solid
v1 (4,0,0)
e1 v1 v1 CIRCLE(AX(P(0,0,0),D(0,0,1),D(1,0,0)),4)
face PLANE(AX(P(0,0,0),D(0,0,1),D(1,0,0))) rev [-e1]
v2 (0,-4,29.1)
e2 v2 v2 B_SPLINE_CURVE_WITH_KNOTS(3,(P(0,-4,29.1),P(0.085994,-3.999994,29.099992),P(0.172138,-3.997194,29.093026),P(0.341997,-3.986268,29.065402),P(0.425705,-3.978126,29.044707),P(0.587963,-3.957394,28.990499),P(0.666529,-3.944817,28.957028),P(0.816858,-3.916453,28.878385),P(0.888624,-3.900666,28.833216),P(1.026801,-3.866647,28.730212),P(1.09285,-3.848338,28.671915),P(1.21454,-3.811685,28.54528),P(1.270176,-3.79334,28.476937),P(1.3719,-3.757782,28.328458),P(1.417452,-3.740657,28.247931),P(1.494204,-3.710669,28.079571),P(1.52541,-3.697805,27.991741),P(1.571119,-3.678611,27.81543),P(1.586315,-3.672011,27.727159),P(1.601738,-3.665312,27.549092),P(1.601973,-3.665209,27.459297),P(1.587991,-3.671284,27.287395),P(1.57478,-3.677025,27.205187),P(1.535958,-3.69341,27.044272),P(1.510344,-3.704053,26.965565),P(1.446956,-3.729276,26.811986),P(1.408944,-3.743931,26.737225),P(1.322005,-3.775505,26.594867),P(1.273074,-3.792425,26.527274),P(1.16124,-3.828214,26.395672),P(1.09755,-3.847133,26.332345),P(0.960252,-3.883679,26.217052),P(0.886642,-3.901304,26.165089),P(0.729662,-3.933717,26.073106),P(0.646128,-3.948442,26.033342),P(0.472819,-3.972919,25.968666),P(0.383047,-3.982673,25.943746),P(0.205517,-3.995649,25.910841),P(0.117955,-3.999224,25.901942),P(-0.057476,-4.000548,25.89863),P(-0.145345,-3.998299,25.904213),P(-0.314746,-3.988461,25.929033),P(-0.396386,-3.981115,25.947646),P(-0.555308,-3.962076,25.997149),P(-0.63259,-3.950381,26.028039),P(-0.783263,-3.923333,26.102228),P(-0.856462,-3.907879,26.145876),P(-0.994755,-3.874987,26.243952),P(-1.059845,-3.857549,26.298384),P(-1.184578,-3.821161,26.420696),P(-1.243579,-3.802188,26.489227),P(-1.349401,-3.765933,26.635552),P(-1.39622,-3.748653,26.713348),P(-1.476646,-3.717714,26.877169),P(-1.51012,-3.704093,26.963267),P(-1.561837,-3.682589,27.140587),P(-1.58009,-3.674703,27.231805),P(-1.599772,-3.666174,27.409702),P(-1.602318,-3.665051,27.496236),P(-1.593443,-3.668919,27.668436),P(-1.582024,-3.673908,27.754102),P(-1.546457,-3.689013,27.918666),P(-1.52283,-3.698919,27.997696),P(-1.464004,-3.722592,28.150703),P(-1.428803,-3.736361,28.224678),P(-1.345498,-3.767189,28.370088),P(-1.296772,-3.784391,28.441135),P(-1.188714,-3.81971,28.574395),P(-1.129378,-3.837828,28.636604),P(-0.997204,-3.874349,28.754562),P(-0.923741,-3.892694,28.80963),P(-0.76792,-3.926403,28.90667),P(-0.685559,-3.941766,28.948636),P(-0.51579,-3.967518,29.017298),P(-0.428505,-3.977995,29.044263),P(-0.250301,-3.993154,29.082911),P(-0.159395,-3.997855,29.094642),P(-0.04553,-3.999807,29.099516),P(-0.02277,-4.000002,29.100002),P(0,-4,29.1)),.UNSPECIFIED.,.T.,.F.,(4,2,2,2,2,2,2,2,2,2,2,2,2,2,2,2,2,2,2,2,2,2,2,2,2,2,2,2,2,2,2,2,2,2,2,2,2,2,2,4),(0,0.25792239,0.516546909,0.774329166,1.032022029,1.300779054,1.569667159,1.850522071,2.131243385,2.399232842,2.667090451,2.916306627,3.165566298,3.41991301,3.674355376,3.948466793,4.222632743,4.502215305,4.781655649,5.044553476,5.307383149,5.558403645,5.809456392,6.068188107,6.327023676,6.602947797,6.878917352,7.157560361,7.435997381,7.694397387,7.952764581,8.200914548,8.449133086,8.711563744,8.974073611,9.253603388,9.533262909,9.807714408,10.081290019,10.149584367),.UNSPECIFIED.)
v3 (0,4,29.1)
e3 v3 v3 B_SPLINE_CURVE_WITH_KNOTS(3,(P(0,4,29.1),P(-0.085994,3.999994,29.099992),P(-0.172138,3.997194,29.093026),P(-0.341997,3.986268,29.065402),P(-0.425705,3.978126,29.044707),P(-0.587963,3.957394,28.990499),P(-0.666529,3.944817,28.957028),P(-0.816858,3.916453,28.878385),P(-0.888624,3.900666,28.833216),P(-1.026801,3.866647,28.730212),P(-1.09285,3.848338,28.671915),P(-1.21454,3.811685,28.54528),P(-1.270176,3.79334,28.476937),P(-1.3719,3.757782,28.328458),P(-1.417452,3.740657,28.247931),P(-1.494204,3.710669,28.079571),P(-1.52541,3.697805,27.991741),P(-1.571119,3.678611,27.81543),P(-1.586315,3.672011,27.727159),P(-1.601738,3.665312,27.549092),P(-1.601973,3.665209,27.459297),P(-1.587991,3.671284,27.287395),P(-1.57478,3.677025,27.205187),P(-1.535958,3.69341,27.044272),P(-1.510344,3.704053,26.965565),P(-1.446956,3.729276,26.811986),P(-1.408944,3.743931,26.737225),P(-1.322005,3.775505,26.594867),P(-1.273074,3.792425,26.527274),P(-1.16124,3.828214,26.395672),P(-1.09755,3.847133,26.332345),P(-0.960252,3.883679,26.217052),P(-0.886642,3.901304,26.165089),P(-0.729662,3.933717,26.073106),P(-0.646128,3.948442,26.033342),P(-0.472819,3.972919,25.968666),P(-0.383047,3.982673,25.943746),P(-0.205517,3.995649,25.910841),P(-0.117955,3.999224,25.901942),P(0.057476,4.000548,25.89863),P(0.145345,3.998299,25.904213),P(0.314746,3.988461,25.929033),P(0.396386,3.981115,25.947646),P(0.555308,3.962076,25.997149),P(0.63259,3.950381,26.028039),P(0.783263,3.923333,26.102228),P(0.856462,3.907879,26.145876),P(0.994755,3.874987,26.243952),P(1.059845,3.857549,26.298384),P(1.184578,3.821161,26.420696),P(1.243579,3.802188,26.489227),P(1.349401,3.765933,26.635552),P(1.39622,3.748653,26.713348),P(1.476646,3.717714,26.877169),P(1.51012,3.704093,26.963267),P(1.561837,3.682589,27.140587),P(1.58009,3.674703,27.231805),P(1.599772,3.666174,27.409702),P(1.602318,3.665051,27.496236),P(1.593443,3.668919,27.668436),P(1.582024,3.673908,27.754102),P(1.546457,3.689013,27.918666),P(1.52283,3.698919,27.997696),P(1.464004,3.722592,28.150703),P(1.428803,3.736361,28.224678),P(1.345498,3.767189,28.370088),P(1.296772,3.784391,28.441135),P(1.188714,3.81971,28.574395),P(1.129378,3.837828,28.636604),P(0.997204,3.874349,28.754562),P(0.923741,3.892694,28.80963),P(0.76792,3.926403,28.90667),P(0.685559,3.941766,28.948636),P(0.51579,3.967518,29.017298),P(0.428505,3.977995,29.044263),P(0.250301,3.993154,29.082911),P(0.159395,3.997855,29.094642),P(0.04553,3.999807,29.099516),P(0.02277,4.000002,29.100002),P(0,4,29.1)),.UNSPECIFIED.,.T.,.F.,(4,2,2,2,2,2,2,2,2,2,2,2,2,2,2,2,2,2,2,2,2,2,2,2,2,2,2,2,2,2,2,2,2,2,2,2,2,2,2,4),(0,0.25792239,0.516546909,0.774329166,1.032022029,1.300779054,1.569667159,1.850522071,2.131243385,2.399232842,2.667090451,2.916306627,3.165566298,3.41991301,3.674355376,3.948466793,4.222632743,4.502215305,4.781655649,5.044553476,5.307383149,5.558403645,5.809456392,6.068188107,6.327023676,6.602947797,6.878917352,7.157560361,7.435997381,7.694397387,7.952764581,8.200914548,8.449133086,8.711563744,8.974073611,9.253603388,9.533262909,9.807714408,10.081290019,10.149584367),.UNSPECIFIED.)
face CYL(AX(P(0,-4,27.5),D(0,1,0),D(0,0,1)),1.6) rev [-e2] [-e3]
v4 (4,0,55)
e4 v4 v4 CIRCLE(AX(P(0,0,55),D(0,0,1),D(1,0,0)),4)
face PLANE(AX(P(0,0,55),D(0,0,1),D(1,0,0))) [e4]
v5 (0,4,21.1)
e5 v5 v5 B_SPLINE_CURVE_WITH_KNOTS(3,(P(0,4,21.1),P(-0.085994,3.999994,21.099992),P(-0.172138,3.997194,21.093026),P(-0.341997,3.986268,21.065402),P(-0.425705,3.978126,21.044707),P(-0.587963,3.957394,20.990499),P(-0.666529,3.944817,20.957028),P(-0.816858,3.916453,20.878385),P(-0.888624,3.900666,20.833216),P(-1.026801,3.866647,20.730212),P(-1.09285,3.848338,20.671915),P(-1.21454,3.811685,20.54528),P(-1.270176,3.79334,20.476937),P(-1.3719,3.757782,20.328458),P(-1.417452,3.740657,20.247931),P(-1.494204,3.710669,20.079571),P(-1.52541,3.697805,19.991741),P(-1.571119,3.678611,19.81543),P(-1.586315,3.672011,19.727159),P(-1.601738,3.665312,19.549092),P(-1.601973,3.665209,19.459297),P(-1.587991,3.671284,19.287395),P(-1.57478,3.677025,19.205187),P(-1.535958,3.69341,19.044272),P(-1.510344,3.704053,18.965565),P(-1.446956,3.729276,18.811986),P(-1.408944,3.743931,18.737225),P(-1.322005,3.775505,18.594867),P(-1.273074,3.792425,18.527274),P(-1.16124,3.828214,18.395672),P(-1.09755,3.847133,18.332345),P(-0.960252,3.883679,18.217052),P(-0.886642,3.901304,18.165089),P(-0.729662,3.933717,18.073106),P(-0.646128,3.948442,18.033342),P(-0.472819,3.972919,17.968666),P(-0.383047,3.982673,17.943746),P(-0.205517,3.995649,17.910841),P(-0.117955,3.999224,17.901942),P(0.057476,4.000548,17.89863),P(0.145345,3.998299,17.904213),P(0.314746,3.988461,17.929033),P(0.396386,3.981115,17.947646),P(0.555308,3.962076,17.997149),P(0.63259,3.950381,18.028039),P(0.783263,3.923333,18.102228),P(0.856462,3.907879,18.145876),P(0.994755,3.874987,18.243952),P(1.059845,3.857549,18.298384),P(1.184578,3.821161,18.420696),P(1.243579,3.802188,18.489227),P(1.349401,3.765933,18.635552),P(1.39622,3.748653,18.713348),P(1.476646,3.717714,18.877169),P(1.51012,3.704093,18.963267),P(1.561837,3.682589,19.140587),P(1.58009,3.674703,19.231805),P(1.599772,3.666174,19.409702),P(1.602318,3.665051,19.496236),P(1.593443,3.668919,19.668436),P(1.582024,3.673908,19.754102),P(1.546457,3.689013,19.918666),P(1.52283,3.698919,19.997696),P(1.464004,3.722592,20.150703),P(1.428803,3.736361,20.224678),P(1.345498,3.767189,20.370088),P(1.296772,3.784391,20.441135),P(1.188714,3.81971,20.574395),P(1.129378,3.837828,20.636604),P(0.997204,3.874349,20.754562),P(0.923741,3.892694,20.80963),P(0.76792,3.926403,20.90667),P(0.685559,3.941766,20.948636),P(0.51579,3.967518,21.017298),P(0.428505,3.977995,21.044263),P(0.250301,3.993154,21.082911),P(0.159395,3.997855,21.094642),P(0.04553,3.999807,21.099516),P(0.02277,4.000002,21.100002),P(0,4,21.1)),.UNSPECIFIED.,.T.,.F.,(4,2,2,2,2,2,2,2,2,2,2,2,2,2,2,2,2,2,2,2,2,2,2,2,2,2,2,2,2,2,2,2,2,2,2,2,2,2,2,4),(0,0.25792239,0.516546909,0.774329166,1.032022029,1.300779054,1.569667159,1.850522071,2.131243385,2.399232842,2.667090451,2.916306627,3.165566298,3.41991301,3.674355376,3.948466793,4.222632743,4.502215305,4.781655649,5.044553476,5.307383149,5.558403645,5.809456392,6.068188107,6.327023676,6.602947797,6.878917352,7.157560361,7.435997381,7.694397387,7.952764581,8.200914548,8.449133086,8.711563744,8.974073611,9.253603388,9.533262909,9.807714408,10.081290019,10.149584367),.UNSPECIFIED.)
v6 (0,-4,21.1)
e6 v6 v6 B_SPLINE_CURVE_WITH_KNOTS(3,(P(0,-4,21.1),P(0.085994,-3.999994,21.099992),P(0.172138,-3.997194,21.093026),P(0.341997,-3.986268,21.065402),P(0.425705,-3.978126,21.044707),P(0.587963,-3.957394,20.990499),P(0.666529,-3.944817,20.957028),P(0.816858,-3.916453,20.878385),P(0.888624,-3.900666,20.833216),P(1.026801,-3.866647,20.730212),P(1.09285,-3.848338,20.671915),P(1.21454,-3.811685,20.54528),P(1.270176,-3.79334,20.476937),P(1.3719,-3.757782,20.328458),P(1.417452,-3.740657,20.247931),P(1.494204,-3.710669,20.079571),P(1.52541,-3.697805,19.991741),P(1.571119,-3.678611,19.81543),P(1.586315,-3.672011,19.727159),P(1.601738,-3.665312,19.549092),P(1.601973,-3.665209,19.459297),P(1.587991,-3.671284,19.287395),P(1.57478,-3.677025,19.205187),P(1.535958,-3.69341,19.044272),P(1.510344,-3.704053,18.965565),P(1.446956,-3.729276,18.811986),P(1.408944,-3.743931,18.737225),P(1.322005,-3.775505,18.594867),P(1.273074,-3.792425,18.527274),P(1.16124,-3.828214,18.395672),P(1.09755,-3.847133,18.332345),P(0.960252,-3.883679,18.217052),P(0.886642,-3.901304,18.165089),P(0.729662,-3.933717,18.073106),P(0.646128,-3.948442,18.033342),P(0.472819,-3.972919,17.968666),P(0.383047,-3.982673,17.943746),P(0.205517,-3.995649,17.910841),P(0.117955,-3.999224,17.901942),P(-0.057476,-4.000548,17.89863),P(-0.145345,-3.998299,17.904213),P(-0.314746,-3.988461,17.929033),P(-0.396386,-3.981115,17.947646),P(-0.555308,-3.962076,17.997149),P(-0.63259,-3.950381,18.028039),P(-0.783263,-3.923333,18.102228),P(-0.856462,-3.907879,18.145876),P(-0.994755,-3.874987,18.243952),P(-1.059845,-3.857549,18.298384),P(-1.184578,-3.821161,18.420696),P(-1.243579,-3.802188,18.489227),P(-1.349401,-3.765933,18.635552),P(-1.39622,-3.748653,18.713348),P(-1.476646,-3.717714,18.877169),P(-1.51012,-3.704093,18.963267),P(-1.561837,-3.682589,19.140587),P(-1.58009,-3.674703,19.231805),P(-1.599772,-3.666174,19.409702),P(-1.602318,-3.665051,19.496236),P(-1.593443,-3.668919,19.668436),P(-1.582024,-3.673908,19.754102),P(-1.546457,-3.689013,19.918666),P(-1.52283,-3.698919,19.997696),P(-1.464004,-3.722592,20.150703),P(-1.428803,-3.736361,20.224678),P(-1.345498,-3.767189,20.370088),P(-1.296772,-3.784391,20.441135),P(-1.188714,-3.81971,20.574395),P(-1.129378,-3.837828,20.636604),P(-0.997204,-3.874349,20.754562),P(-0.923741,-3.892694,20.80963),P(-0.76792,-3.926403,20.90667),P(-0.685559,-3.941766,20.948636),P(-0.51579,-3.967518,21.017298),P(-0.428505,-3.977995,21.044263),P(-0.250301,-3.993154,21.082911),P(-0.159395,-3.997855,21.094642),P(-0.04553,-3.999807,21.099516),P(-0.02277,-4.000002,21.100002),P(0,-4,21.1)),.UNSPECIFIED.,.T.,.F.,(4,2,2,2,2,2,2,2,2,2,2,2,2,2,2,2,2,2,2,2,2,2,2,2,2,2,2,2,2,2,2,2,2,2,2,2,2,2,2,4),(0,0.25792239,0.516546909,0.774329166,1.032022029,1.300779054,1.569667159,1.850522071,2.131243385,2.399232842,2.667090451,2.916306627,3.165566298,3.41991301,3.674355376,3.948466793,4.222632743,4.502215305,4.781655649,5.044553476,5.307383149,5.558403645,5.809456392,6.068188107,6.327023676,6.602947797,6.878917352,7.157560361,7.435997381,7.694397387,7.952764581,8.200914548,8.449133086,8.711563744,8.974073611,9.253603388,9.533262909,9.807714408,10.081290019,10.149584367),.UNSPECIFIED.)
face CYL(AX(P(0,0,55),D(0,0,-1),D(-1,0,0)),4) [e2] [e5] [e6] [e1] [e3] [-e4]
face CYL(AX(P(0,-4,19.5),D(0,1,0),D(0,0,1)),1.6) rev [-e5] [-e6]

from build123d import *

# Parameters (mm, degrees)
SKETCH_305_R          = 4
EXTRUDE_350_DEPTH     = 55
SKETCH_434_R          = 1.6
CUT_EXTRUDE_541_DEPTH = 56.722526863


with BuildPart() as part:
    # Sketch 305 → Extrude 350 (new body)
    with BuildSketch(Plane.XY):
        Circle(SKETCH_305_R)
    extrude(amount=EXTRUDE_350_DEPTH)

    # Sketch 434 → Cut-Extrude 541 (cut, through all)
    with BuildSketch(Plane(origin=(0, 4, 0), x_dir=(1, 0, 0), z_dir=(0, 1, 0))):
        with Locations((0, -19.5)):
            Circle(SKETCH_434_R)
        with Locations((0, -27.5)):
            Circle(SKETCH_434_R)
    extrude(amount=-CUT_EXTRUDE_541_DEPTH, mode=Mode.SUBTRACT)


solid = part.part
